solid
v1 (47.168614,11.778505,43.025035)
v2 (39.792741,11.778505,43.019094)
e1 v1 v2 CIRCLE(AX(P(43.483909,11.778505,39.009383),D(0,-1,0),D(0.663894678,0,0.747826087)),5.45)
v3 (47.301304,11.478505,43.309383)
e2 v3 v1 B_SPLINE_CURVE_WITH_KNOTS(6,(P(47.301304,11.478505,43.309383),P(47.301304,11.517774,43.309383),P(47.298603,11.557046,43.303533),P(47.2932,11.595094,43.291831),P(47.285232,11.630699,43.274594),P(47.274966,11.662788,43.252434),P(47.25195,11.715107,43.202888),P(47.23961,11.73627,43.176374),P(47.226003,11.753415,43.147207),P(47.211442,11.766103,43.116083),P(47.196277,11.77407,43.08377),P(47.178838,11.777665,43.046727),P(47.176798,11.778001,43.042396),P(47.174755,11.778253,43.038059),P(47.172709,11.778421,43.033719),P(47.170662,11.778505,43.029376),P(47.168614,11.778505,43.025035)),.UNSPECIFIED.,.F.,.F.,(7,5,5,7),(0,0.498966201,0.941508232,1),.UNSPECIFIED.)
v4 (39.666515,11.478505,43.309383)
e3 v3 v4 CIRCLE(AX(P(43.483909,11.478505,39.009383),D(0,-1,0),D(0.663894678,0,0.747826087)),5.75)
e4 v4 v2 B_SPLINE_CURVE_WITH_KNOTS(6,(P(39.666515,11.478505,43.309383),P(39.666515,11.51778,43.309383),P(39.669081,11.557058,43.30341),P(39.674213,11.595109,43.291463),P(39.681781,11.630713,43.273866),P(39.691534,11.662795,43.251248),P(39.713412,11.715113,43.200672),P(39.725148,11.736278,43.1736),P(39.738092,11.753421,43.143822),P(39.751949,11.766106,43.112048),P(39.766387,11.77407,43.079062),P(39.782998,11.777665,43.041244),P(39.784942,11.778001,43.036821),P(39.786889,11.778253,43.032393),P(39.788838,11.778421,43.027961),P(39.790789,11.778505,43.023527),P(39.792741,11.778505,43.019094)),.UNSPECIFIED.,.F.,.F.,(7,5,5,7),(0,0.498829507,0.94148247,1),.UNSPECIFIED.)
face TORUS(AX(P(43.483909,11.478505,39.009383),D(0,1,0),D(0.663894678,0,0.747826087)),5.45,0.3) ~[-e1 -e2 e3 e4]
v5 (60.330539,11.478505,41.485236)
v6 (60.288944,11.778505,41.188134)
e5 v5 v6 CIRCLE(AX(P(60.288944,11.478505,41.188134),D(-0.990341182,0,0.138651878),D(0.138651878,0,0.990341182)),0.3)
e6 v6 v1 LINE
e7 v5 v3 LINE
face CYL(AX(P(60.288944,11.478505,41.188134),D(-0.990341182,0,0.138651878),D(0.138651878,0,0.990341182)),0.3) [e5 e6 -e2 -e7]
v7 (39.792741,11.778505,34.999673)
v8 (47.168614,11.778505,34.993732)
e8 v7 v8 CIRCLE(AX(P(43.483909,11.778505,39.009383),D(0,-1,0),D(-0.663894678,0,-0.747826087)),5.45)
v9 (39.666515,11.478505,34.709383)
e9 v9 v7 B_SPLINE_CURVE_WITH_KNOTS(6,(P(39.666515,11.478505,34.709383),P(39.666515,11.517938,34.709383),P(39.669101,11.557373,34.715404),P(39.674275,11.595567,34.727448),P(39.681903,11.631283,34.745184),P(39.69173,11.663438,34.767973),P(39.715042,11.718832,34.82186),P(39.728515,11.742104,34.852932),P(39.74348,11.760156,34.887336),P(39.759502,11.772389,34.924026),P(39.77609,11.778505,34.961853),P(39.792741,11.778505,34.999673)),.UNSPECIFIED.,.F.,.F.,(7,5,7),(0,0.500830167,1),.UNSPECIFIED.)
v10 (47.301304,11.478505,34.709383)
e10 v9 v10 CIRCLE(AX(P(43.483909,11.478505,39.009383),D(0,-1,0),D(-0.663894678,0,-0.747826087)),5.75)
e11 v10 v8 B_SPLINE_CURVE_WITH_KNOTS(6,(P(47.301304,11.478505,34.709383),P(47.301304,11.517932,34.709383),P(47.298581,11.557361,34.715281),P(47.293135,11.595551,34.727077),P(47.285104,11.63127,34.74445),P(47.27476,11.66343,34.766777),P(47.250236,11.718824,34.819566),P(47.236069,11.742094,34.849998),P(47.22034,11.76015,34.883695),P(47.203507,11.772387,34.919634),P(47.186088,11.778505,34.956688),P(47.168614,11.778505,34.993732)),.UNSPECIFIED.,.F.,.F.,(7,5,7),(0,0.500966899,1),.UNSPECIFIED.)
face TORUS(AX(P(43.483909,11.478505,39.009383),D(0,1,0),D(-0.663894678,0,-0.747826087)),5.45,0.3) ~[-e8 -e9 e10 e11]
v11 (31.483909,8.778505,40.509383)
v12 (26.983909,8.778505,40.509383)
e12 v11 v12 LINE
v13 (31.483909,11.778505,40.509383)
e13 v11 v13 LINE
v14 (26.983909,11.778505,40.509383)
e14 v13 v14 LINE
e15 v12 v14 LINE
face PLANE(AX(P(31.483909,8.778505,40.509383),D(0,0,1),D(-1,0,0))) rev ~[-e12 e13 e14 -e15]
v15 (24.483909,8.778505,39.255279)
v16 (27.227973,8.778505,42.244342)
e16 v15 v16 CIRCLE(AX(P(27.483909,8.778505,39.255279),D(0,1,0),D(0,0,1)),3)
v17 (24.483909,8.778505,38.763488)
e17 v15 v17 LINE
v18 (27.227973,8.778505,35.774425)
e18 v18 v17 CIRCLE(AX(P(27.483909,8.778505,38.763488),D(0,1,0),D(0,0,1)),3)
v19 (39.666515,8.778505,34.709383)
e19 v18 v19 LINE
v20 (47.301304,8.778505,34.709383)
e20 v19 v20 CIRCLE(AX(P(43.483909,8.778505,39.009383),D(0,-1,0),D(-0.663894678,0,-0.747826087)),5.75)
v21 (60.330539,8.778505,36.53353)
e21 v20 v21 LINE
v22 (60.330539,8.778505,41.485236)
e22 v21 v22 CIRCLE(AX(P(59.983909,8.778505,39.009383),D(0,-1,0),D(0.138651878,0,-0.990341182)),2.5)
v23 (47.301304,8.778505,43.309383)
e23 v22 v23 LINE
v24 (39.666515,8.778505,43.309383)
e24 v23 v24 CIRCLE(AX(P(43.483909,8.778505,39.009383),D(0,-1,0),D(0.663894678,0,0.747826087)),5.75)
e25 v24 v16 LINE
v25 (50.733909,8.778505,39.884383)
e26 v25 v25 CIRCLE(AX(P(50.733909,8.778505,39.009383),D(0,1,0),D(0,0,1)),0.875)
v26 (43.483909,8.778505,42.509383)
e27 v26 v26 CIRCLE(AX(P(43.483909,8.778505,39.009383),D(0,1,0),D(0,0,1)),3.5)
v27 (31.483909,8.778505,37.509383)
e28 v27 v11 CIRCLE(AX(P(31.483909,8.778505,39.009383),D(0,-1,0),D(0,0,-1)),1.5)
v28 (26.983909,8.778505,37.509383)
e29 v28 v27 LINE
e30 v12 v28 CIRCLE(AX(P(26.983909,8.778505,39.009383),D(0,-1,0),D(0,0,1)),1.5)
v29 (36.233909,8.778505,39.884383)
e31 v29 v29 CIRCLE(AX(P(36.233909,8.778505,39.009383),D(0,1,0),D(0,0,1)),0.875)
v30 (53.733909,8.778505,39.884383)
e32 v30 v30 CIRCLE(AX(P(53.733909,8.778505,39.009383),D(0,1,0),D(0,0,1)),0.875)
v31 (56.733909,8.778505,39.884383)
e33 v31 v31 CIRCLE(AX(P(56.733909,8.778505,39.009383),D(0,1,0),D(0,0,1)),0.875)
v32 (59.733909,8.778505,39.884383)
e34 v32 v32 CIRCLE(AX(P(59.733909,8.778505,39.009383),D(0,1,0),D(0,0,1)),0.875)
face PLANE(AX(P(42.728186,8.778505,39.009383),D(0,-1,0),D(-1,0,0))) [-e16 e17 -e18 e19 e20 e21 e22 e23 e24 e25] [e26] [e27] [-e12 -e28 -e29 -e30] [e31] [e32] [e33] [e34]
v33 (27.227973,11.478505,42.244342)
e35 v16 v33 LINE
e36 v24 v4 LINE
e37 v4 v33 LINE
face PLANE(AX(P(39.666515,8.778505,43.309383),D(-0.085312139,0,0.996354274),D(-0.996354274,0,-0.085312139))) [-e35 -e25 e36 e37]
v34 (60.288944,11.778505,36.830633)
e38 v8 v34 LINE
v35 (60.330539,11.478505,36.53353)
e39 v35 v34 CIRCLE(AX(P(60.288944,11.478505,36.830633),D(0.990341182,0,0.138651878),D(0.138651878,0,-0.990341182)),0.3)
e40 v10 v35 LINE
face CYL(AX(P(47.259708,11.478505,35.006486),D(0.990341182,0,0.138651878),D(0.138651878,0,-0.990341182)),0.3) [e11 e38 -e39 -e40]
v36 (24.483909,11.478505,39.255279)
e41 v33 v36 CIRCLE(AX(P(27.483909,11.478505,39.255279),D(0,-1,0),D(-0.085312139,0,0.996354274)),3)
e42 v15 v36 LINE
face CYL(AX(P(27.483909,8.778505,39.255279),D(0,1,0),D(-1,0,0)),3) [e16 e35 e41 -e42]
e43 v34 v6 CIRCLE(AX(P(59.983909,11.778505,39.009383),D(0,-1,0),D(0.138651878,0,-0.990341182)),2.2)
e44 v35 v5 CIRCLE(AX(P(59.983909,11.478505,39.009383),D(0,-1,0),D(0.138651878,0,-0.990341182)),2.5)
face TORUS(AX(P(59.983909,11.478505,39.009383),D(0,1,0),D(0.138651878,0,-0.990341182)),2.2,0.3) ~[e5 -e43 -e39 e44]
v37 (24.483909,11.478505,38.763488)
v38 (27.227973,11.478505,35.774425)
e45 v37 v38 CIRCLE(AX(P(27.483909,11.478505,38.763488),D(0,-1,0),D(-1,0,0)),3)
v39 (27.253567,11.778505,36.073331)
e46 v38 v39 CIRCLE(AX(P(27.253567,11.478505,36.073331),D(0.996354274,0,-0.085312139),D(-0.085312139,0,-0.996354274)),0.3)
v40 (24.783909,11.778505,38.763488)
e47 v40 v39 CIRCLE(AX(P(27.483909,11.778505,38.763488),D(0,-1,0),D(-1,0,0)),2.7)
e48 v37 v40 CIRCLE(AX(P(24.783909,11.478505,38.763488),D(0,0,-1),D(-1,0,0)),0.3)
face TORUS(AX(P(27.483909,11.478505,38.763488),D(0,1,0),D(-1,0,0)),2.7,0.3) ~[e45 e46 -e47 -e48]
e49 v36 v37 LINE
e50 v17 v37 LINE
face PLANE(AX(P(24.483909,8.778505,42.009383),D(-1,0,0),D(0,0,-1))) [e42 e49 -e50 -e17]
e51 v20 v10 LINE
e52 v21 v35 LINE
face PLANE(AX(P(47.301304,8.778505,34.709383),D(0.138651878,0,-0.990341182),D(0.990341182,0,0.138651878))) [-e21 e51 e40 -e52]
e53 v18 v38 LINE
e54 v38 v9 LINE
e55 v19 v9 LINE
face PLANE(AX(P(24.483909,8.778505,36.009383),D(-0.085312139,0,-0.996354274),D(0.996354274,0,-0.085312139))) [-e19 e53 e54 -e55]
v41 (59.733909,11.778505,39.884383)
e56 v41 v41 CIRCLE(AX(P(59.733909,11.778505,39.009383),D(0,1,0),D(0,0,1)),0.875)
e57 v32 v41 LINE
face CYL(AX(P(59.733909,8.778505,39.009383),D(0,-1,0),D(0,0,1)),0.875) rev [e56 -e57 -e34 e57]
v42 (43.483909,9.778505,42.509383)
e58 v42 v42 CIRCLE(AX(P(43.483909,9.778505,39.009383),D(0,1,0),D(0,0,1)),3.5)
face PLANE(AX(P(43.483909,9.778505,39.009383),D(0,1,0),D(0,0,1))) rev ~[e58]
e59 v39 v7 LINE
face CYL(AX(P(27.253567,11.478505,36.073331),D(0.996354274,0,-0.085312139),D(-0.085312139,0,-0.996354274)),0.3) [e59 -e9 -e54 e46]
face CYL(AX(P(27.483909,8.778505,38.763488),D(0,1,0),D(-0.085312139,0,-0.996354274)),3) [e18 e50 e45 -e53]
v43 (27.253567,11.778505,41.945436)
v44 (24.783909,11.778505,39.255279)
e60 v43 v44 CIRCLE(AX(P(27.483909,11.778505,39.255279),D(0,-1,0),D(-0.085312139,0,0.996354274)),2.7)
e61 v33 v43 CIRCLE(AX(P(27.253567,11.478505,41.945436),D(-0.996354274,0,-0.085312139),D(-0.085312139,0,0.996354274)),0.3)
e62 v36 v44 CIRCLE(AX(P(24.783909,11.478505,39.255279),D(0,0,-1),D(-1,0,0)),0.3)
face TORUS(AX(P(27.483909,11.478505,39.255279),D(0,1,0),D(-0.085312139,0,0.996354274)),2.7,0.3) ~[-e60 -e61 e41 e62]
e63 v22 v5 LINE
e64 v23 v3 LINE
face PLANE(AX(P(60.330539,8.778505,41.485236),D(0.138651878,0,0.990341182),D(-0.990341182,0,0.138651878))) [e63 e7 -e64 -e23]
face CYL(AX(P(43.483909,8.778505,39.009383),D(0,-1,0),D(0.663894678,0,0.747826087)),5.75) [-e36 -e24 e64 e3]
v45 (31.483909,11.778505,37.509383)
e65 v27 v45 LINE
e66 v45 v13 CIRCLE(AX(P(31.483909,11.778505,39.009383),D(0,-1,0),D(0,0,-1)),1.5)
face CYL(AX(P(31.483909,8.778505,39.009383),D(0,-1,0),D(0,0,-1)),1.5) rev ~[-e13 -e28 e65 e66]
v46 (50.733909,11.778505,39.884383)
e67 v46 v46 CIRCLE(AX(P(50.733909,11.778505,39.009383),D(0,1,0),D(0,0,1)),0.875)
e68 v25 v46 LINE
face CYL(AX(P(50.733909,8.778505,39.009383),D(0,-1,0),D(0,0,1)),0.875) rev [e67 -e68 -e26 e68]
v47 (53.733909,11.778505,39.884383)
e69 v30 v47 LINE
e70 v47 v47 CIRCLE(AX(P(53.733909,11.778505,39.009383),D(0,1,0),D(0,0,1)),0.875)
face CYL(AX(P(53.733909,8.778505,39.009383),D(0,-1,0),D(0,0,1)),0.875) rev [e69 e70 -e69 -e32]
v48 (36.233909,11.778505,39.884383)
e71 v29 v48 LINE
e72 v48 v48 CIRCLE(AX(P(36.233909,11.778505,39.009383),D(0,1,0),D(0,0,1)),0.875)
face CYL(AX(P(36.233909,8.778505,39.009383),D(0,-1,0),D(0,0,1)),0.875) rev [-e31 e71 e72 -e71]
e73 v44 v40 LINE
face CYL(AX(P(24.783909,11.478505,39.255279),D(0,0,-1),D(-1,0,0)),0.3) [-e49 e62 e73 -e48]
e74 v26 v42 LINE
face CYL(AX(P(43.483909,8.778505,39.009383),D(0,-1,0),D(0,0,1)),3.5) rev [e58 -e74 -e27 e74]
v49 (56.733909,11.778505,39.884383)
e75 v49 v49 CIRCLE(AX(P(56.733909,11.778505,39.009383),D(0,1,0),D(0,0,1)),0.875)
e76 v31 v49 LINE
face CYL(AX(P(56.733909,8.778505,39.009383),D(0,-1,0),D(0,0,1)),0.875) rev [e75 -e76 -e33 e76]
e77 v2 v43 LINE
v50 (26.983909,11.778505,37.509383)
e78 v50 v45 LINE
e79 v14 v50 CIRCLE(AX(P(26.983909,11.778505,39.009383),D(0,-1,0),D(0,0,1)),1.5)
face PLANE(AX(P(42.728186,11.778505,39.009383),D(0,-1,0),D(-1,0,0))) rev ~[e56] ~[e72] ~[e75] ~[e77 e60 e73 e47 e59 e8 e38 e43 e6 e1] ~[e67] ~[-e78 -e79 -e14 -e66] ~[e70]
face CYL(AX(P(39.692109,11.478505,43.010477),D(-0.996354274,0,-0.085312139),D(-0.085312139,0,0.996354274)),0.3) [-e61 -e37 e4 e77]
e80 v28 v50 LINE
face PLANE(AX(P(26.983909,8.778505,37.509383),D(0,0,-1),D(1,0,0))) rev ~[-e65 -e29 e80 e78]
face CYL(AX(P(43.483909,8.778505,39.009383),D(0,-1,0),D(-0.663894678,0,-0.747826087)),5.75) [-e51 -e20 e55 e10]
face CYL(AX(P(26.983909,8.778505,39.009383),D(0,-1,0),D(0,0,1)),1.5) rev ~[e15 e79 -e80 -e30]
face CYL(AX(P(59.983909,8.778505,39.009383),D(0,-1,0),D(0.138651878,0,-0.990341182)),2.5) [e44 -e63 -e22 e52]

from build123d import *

# Parameters (mm, degrees)
SKETCH1_R           = 0.875
SKETCH1_R_2         = 3.5
BOSS_EXTRUDE1_DEPTH = 3
BOSS_EXTRUDE2_START = -2
SKETCH2_R           = 3.5
BOSS_EXTRUDE2_DEPTH = 2
FILLET1_R           = 3
FILLET2_R           = 0.3


with BuildPart() as part:
    # Sketch1 → Boss-Extrude1 (new body)
    with BuildSketch(Plane(origin=(0, 8.778505218, 0), x_dir=(1, 0, 0), z_dir=(0, 1, 0))):
        with BuildLine():
            Line((24.483909442, -36.009383283), (39.666515042, -34.709383283))
            ThreePointArc((39.666515042, -34.709383283), (43.483909442, -33.259383283), (47.301303841, -34.709383283))
            Line((47.301303841, -34.709383283), (60.330539136, -36.533530328))
            ThreePointArc((60.330539136, -36.533530328), (62.483909442, -39.009383283), (60.330539136, -41.485236238))
            Line((60.330539136, -41.485236238), (47.301303841, -43.309383283))
            ThreePointArc((47.301303841, -43.309383283), (43.483909442, -44.759383283), (39.666515042, -43.309383283))
            Line((39.666515042, -43.309383283), (24.483909442, -42.009383283))
            Line((24.483909442, -42.009383283), (24.483909442, -36.009383283))
        make_face()
        with Locations(Location((36.233909442, -39.009383283, 0), (0, 0, 270))):
            Circle(SKETCH1_R, mode=Mode.SUBTRACT)
        with Locations(Location((50.733909442, -39.009383283, 0), (0, 0, 270))):
            Circle(SKETCH1_R, mode=Mode.SUBTRACT)
        with Locations(Location((53.733909442, -39.009383283, 0), (0, 0, 270))):
            Circle(SKETCH1_R, mode=Mode.SUBTRACT)
        with Locations(Location((56.733909442, -39.009383283, 0), (0, 0, 270))):
            Circle(SKETCH1_R, mode=Mode.SUBTRACT)
        with Locations(Location((59.733909442, -39.009383283, 0), (0, 0, 270))):
            Circle(SKETCH1_R, mode=Mode.SUBTRACT)
        with Locations(Location((43.483909442, -39.009383283, 0), (0, 0, 270))):
            Circle(SKETCH1_R_2, mode=Mode.SUBTRACT)
        with BuildLine():
            Line((26.983909442, -37.509383283), (31.483909442, -37.509383283))
            ThreePointArc((31.483909442, -37.509383283), (32.983909442, -39.009383283), (31.483909442, -40.509383283))
            Line((31.483909442, -40.509383283), (26.983909442, -40.509383283))
            ThreePointArc((26.983909442, -40.509383283), (25.483909442, -39.009383283), (26.983909442, -37.509383283))
        make_face(mode=Mode.SUBTRACT)
    extrude(amount=BOSS_EXTRUDE1_DEPTH)

    # Sketch2 → Boss-Extrude2 (add)
    with BuildSketch(Plane(origin=(0, 11.778505218, 0), x_dir=(1, 0, 0), z_dir=(0, 1, 0)).offset(BOSS_EXTRUDE2_START)):
        with Locations(Location((43.483909442, -39.009383283, 0), (0, 0, 270))):
            Circle(SKETCH2_R)
    extrude(amount=BOSS_EXTRUDE2_DEPTH)

    # Fillet1
    fillet1_edges = [part.edges().sort_by_distance(p)[0] for p in [
        (24.483909442, 10.278505218, 42.009383283),
        (24.483909442, 10.278505218, 36.009383283),
    ]]
    fillet(fillet1_edges, radius=FILLET1_R)

    # Fillet2
    fillet2_edges = [part.edges().sort_by_distance(p)[0] for p in [
        (43.483909442, 11.778505218, 44.759383283),
        (53.815921489, 11.778505218, 42.39730976),
        (62.483909442, 11.778505218, 39.009383283),
        (53.815921489, 11.778505218, 35.621456805),
        (43.483909442, 11.778505218, 33.259383283),
        (33.447244034, 11.778505218, 42.776862547),
        (24.483909442, 11.778505218, 39.009383283),
        (33.447244034, 11.778505218, 35.241904019),
        (25.273953645, 11.778505218, 36.734671327),
        (25.273953645, 11.778505218, 41.284095239),
    ]]
    fillet(fillet2_edges, radius=FILLET2_R)


solid = part.part
